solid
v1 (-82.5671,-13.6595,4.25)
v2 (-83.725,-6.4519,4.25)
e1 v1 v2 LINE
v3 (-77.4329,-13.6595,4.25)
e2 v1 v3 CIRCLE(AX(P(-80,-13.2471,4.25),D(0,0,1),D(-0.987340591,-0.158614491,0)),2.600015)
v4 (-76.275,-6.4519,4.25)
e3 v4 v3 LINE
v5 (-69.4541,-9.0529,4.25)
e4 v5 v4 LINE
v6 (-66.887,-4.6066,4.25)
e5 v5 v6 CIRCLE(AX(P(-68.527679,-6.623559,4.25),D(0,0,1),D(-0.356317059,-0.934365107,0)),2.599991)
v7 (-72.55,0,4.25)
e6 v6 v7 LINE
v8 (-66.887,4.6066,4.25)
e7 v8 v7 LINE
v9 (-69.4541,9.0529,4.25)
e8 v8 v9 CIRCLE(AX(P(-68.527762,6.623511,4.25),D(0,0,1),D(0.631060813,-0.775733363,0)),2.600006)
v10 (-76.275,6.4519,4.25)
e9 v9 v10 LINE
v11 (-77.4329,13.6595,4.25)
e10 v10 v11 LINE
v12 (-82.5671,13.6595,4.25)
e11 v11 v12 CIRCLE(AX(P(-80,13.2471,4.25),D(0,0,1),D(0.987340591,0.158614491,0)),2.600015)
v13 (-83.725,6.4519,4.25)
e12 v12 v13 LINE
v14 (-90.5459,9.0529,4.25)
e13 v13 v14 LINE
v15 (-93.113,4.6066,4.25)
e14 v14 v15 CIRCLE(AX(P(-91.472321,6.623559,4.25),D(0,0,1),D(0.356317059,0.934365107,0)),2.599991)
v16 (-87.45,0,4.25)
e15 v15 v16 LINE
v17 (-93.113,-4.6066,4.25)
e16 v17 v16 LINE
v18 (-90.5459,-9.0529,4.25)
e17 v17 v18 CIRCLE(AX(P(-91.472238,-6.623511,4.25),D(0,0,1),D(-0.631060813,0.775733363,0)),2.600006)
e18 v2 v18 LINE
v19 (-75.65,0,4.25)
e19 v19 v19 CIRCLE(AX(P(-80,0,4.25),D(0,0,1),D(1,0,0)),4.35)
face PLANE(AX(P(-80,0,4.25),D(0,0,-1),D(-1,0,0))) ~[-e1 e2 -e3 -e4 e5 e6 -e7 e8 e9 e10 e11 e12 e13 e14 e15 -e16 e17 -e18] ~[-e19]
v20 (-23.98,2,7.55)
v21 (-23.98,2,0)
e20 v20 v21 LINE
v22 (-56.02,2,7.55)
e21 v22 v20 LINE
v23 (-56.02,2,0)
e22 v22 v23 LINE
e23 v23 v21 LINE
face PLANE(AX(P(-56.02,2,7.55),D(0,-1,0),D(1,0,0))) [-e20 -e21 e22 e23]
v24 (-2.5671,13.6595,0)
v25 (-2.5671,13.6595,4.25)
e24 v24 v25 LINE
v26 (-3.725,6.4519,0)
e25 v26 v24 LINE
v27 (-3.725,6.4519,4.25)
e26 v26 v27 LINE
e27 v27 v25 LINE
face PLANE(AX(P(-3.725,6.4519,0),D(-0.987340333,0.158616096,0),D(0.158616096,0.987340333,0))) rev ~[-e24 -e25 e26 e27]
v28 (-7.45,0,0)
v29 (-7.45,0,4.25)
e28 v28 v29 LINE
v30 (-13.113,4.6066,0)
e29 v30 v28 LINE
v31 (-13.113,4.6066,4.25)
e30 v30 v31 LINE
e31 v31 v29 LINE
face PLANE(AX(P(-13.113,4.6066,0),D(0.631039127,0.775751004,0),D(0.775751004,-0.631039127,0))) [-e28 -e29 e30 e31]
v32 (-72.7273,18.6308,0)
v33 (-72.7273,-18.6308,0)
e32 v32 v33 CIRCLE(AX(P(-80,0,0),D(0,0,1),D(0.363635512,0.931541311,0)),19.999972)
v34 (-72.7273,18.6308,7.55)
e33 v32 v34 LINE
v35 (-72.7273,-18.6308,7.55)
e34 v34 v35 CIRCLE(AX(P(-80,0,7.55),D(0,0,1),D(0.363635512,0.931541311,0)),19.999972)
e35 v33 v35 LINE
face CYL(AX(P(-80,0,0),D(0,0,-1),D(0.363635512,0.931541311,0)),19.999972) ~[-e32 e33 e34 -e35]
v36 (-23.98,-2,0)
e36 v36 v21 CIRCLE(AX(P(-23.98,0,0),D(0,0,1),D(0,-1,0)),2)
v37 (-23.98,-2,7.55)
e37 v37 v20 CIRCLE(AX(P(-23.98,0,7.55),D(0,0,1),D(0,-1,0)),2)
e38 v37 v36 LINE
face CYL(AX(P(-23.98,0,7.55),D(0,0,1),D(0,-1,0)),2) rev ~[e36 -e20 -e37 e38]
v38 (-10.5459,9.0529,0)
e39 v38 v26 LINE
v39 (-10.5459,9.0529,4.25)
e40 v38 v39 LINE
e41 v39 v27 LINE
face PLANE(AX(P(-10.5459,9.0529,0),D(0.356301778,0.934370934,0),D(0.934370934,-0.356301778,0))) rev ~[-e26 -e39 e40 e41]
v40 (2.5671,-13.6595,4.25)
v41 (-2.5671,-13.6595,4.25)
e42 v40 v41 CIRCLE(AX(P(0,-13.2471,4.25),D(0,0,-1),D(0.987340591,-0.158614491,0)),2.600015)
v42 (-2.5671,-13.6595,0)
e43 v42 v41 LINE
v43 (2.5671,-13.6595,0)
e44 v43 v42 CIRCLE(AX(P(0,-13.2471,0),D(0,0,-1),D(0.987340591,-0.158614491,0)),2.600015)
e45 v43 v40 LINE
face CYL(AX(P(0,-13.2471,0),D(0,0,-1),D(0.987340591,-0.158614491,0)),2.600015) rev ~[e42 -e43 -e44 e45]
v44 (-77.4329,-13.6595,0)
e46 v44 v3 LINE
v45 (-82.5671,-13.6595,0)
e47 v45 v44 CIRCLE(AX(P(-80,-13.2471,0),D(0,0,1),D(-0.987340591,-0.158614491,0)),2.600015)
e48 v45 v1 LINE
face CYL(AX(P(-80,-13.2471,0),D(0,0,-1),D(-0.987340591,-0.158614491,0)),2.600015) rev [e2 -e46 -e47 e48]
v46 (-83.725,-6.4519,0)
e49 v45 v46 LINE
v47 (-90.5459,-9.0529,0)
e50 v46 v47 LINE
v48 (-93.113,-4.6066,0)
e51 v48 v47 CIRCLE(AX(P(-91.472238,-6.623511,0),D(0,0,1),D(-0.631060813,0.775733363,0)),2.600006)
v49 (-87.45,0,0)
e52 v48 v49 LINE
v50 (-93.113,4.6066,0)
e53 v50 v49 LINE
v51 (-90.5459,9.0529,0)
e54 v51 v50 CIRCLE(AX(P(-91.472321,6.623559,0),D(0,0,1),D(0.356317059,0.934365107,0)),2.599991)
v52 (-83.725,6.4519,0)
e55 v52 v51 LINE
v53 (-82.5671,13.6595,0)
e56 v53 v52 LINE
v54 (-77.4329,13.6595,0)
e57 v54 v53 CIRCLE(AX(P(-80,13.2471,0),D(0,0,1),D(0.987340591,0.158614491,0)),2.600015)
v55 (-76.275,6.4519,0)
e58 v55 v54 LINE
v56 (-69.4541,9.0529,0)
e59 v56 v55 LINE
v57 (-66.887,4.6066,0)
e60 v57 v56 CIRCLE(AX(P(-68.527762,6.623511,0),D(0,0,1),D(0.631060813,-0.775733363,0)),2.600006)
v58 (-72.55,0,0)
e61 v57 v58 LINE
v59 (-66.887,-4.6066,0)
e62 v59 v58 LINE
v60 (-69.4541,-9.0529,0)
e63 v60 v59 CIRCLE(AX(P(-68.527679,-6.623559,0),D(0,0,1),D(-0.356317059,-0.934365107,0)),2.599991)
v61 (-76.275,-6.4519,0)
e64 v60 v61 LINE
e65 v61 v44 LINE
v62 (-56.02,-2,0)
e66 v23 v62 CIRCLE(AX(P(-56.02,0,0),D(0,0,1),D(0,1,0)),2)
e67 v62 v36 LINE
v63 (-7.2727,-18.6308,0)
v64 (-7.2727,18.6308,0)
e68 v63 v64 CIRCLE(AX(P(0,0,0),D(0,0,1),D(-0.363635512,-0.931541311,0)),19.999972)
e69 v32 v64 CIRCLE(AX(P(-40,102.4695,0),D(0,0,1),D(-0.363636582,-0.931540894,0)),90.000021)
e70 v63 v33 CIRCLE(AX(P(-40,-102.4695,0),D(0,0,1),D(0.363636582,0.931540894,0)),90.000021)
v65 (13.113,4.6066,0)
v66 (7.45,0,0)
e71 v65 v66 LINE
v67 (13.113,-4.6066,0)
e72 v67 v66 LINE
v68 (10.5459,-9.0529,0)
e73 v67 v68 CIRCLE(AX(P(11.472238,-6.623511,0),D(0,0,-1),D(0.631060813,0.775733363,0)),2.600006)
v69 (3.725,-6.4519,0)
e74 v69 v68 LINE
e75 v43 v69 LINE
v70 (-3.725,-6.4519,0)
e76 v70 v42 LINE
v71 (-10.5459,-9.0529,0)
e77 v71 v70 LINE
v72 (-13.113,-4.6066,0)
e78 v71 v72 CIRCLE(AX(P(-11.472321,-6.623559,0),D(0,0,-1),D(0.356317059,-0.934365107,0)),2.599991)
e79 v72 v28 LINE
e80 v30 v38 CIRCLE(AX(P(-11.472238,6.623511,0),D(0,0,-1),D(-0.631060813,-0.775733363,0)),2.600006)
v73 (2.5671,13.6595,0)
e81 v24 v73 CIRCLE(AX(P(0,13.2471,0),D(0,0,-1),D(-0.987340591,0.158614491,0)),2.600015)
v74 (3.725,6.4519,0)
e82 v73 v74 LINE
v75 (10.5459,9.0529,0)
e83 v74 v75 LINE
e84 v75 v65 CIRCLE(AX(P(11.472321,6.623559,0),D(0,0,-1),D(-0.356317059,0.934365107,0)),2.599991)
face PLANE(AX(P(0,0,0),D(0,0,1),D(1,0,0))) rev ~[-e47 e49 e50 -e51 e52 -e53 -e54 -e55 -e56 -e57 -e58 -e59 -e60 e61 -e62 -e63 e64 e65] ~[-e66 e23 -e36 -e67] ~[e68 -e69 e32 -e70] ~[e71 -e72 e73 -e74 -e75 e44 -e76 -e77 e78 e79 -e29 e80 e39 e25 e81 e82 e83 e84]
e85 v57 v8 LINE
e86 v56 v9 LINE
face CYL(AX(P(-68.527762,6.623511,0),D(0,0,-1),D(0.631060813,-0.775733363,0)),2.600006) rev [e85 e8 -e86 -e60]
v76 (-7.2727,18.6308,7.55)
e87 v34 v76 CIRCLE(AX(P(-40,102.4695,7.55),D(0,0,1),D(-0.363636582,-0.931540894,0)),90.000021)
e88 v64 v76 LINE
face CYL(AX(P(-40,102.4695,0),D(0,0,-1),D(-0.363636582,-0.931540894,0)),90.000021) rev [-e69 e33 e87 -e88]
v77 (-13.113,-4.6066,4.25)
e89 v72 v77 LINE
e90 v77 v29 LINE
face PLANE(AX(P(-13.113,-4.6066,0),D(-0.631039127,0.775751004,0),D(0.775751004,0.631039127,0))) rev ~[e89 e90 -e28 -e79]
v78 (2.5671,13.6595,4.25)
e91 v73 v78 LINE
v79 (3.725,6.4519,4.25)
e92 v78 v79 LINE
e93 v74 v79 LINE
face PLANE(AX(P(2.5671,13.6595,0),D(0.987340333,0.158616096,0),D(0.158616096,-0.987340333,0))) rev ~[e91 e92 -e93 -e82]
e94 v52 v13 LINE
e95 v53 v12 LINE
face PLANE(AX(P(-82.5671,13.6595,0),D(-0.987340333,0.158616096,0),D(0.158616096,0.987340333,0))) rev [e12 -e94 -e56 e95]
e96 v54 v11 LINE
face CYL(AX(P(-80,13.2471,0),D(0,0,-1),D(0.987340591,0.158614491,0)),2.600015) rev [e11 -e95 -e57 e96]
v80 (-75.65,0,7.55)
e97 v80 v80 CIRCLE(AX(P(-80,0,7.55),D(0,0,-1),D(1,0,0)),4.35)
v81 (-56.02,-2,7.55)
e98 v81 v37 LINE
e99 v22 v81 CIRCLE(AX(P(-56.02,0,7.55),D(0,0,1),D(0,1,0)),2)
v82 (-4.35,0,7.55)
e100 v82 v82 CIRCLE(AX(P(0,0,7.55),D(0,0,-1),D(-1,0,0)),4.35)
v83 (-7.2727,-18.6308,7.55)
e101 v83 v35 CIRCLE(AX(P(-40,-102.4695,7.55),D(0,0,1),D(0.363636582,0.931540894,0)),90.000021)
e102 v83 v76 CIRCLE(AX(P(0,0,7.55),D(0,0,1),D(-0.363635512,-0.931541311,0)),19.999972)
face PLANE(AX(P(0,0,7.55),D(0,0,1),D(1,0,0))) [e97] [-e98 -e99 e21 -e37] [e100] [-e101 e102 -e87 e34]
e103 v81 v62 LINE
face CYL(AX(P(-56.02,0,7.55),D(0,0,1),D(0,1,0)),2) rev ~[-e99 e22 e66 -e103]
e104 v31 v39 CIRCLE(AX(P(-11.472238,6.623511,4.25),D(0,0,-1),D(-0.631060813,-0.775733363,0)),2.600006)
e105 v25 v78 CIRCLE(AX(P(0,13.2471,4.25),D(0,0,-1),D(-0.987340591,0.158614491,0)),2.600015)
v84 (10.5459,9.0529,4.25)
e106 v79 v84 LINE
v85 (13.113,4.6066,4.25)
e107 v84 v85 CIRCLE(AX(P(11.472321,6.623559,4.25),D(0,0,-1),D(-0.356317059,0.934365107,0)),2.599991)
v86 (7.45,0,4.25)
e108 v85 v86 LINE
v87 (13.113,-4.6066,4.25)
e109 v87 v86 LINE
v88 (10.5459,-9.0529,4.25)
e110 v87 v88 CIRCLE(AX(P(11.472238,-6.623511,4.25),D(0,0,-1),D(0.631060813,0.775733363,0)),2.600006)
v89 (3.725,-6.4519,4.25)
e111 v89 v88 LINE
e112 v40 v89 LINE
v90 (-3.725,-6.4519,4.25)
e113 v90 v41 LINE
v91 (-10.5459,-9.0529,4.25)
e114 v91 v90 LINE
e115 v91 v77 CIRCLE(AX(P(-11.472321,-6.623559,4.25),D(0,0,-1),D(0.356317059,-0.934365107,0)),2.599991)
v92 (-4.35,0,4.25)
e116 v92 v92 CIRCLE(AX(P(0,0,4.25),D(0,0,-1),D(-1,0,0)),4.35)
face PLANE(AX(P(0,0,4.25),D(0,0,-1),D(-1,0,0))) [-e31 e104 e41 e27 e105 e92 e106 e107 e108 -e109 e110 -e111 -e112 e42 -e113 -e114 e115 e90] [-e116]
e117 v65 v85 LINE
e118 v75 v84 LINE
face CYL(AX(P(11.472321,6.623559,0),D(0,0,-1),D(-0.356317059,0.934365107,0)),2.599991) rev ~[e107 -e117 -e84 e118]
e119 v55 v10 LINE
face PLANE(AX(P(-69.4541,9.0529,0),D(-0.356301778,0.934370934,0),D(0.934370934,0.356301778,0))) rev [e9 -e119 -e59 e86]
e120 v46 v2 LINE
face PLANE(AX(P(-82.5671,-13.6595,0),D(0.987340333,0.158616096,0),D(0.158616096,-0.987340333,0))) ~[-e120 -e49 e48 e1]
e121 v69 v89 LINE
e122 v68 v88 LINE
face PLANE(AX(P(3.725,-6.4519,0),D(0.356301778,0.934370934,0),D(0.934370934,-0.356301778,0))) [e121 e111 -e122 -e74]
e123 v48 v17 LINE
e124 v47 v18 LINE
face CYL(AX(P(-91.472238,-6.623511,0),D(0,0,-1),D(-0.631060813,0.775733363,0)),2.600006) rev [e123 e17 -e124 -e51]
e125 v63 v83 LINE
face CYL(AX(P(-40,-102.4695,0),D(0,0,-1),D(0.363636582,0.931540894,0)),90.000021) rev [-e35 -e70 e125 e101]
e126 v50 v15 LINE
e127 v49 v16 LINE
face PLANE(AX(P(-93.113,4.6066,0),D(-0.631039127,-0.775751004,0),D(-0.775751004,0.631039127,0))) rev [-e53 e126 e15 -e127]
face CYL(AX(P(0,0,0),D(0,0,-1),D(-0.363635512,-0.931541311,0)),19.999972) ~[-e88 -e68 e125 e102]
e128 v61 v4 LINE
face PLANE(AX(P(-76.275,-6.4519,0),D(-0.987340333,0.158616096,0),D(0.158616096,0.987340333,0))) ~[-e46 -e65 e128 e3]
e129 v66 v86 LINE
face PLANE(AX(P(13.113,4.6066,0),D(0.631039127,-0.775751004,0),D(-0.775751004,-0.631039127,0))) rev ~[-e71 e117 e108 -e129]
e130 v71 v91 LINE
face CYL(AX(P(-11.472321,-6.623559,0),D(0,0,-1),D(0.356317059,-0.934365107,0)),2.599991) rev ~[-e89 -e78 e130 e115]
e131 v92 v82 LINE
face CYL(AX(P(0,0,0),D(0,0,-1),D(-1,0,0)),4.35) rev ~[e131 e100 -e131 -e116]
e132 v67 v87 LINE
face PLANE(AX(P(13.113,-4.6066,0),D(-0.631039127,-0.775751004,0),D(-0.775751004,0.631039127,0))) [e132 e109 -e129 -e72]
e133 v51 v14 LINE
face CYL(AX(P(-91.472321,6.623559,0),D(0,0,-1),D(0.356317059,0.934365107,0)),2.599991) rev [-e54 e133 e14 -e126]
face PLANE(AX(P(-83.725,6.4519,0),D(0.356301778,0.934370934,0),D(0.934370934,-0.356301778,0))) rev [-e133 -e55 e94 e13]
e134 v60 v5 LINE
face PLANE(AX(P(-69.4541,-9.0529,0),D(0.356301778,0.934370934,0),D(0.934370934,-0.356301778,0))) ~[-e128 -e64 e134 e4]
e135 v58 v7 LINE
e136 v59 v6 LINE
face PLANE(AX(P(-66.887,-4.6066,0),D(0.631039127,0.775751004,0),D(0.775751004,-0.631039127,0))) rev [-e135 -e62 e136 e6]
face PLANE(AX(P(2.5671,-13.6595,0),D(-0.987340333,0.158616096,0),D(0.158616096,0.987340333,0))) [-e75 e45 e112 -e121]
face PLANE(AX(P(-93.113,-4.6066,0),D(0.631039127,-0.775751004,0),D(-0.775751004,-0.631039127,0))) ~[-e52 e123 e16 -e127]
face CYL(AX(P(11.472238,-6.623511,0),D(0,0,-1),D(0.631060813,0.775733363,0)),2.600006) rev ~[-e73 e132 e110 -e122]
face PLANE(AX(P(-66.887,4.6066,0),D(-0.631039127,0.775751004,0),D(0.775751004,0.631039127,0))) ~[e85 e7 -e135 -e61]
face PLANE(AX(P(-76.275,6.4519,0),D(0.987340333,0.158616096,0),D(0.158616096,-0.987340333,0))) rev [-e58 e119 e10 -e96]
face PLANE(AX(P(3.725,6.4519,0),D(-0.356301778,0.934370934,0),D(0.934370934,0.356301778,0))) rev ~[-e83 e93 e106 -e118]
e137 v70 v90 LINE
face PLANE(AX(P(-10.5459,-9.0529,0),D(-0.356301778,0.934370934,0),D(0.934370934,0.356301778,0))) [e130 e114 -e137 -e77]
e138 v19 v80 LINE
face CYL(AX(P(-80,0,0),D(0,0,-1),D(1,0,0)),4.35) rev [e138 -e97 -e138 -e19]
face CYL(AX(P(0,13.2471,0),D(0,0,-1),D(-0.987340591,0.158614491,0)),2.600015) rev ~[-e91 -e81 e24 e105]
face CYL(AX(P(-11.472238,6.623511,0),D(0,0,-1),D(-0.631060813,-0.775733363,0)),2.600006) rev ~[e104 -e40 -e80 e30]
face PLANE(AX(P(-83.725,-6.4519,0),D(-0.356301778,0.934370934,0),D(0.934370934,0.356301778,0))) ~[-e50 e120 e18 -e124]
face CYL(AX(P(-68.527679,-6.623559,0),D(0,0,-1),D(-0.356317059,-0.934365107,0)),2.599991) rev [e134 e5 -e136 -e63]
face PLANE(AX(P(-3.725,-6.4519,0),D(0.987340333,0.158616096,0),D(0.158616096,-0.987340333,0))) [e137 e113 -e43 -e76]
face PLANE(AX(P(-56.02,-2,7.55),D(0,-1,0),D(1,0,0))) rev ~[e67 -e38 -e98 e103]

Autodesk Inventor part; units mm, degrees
ref_plane "YZ Plane" through (0, 0, 0) normal (1, 0, 0) x (0, 1, 0)
ref_plane "XZ Plane" through (0, 0, 0) normal (0, 1, 0) x (-1, 0, 0)
sketch "Sketch1" plane through (0, 0, 0) normal (0, 0, 1) x (1, 0, 0)
  arc A0 (-72.7273, 18.6308) -> (-72.7273, -18.6308) centre (-80, 0) ccw
  arc A1 (-7.2727, -18.6308) -> (-72.7273, -18.6308) centre (-40, -102.4695) ccw
  arc A2 (-7.2727, -18.6308) -> (-7.2727, 18.6308) centre (0, 0) ccw
  arc A3 (-72.7273, 18.6308) -> (-7.2727, 18.6308) centre (-40, 102.4695) ccw
  arc A4 (-79.5765, 3.9775) -> (-79.5765, -3.9775) centre (-80, 0) ccw
  arc A5 (-0.4235, -3.9775) -> (-0.4235, 3.9775) centre (0, 0) ccw
  arc A6 (-80.4235, -3.9775) -> (-80.4235, 3.9775) centre (-80, 0) ccw
  arc A7 (-0.4235, 3.9775) -> (-0.4235, -3.9775) centre (0, 0) ccw
  point P0 (-103.8261, -115.9088)
  dimension "d0" = 20
  dimension "d1" = 20
  dimension "d2" = 90
  dimension "d3" = 90
  dimension "d4" = 4
  dimension "d7" = 80
  dimension "d33" = 4
extrude "Extrusion1" add sketch "Sketch1" along normal blind 7.55 contours A3 A2 A1 A0 | A6 A4 | A7 A5
sketch "Sketch3" plane through (0, 0, 7.55) normal (0, 0, 1) x (1, 0, 0)
  arc A0 (-72.7273, 18.6308) -> (-72.7273, -18.6308) centre (-80, 0) ccw projected
  arc A1 (-7.2727, -18.6308) -> (-72.7273, -18.6308) centre (-40, -102.4695) ccw projected
  arc A2 (-7.2727, -18.6308) -> (-7.2727, 18.6308) centre (0, 0) ccw projected
  arc A3 (-72.7273, 18.6308) -> (-7.2727, 18.6308) centre (-40, 102.4695) ccw projected
  line L0 (-56.02, 2) -> (-23.98, 2)
  line L1 (-56.02, -2) -> (-23.98, -2)
  arc A4 (-56.02, 2) -> (-56.02, -2) centre (-56.02, 0) ccw
  arc A5 (-23.98, -2) -> (-23.98, 2) centre (-23.98, 0) ccw
  point P0 (-83.48, 0)
  dimension "d12" = 2
extrude "Extrusion2" cut sketch "Sketch3" against normal blind 10 contours L0 A5 L1 A4
ref_plane "Work Plane2" through (-40, 0, 7.55) normal (-1, 0, 0) x (0, -1, 0)
ref_plane "Work Plane1" through (-100, 0, 7.55) normal (-1, 0, 0) x (0, -1, 0)
sketch "Sketch10" plane through (0, 0, 0) normal (0, 0, -1) x (-1, 0, 0)
  circle A0 centre (0, 0) radius 4.35
  dimension "d43" = 8.7
extrude "Extrusion7" cut sketch "Sketch10" against normal blind 10
mirror "Mirror4" about plane through (-40, 0, 7.55) normal (-1, 0, 0) of "Extrusion7"
sketch "Sketch9" plane through (0, 0, 0) normal (0, 0, -1) x (-1, 0, 0)
  arc A0 (13.113, 4.6066) -> (10.5459, 9.0529) centre (11.4723, 6.6235) ccw
  arc A1 (2.5671, 13.6595) -> (-2.5671, 13.6595) centre (0, 13.2471) ccw
  line L0 (13.113, 4.6066) -> (7.45, 0)
  line L1 (10.5459, 9.0529) -> (3.725, 6.4519)
  line L2 (3.725, 6.4519) -> (2.5671, 13.6595)
  line L3 (-2.5671, 13.6595) -> (-3.725, 6.4519)
  line L4 (-3.725, 6.4519) -> (-10.5459, 9.0529)
  line L5 (-13.113, 4.6066) -> (-7.45, 0)
  arc A2 (-10.5459, 9.0529) -> (-13.113, 4.6066) centre (-11.4723, 6.6235) ccw
  arc A3 (72.7273, -18.6308) -> (72.7273, 18.6308) centre (80, 0) ccw projected
  arc A4 (7.2727, 18.6308) -> (72.7273, 18.6308) centre (40, 102.4695) ccw projected
  arc A5 (7.2727, 18.6308) -> (7.2727, -18.6308) centre (0, 0) ccw projected
  arc A6 (72.7273, -18.6308) -> (7.2727, -18.6308) centre (40, -102.4695) ccw projected
  circle A7 centre (0, 0) radius 7.45 construction
  line L6 (-7.45, 0) -> (7.45, 0) construction
  arc A8 (10.5459, -9.0529) -> (13.113, -4.6066) centre (11.4723, -6.6235) ccw
  arc A9 (-2.5671, -13.6595) -> (2.5671, -13.6595) centre (0, -13.2471) ccw
  line L7 (13.113, -4.6066) -> (7.45, 0)
  line L8 (10.5459, -9.0529) -> (3.725, -6.4519)
  line L9 (3.725, -6.4519) -> (2.5671, -13.6595)
  line L10 (-2.5671, -13.6595) -> (-3.725, -6.4519)
  line L11 (-3.725, -6.4519) -> (-10.5459, -9.0529)
  line L12 (-13.113, -4.6066) -> (-7.45, 0)
  arc A10 (-13.113, -4.6066) -> (-10.5459, -9.0529) centre (-11.4723, -6.6235) ccw
  circle A11 centre (0, 0) radius 4.35
  dimension "diametro_petalo" = 2.6
  dimension "diametro_aspa" = 14.9
  dimension "largo_petalo" = 7.3
  dimension "d52" = 60
  dimension "d53" = 8.7
extrude "Extrusion8" cut sketch "Sketch9" against normal blind 4.25 contours L0 L7 A8 L8 L9 A9 L10 L11 A10 L12 L5 A2 L4 L3 A1 L2 L1 A0
mirror "Mirror5" about plane through (-40, 0, 7.55) normal (-1, 0, 0) of "Extrusion8"
equation "\"d0\" = radio_muslo"
equation "\"d1\" = d0"
equation "\"d2\" = curva"
equation "\"d3\" = d2"
equation "\"d4\" = 0.5 * diametro_servo"
equation "\"d7\" = distancia_centros"
equation "\"d33\" = d4"
equation "\"curva\" = 90"
equation "\"distancia_centros\" = 80"
equation "\"espesor\" = 3.3"
equation "\"diametro_servo\" = 8"
equation "\"radio_muslo\" = 20"
properties part number "Pata - Antebrazo" material "ABS Plastic"
